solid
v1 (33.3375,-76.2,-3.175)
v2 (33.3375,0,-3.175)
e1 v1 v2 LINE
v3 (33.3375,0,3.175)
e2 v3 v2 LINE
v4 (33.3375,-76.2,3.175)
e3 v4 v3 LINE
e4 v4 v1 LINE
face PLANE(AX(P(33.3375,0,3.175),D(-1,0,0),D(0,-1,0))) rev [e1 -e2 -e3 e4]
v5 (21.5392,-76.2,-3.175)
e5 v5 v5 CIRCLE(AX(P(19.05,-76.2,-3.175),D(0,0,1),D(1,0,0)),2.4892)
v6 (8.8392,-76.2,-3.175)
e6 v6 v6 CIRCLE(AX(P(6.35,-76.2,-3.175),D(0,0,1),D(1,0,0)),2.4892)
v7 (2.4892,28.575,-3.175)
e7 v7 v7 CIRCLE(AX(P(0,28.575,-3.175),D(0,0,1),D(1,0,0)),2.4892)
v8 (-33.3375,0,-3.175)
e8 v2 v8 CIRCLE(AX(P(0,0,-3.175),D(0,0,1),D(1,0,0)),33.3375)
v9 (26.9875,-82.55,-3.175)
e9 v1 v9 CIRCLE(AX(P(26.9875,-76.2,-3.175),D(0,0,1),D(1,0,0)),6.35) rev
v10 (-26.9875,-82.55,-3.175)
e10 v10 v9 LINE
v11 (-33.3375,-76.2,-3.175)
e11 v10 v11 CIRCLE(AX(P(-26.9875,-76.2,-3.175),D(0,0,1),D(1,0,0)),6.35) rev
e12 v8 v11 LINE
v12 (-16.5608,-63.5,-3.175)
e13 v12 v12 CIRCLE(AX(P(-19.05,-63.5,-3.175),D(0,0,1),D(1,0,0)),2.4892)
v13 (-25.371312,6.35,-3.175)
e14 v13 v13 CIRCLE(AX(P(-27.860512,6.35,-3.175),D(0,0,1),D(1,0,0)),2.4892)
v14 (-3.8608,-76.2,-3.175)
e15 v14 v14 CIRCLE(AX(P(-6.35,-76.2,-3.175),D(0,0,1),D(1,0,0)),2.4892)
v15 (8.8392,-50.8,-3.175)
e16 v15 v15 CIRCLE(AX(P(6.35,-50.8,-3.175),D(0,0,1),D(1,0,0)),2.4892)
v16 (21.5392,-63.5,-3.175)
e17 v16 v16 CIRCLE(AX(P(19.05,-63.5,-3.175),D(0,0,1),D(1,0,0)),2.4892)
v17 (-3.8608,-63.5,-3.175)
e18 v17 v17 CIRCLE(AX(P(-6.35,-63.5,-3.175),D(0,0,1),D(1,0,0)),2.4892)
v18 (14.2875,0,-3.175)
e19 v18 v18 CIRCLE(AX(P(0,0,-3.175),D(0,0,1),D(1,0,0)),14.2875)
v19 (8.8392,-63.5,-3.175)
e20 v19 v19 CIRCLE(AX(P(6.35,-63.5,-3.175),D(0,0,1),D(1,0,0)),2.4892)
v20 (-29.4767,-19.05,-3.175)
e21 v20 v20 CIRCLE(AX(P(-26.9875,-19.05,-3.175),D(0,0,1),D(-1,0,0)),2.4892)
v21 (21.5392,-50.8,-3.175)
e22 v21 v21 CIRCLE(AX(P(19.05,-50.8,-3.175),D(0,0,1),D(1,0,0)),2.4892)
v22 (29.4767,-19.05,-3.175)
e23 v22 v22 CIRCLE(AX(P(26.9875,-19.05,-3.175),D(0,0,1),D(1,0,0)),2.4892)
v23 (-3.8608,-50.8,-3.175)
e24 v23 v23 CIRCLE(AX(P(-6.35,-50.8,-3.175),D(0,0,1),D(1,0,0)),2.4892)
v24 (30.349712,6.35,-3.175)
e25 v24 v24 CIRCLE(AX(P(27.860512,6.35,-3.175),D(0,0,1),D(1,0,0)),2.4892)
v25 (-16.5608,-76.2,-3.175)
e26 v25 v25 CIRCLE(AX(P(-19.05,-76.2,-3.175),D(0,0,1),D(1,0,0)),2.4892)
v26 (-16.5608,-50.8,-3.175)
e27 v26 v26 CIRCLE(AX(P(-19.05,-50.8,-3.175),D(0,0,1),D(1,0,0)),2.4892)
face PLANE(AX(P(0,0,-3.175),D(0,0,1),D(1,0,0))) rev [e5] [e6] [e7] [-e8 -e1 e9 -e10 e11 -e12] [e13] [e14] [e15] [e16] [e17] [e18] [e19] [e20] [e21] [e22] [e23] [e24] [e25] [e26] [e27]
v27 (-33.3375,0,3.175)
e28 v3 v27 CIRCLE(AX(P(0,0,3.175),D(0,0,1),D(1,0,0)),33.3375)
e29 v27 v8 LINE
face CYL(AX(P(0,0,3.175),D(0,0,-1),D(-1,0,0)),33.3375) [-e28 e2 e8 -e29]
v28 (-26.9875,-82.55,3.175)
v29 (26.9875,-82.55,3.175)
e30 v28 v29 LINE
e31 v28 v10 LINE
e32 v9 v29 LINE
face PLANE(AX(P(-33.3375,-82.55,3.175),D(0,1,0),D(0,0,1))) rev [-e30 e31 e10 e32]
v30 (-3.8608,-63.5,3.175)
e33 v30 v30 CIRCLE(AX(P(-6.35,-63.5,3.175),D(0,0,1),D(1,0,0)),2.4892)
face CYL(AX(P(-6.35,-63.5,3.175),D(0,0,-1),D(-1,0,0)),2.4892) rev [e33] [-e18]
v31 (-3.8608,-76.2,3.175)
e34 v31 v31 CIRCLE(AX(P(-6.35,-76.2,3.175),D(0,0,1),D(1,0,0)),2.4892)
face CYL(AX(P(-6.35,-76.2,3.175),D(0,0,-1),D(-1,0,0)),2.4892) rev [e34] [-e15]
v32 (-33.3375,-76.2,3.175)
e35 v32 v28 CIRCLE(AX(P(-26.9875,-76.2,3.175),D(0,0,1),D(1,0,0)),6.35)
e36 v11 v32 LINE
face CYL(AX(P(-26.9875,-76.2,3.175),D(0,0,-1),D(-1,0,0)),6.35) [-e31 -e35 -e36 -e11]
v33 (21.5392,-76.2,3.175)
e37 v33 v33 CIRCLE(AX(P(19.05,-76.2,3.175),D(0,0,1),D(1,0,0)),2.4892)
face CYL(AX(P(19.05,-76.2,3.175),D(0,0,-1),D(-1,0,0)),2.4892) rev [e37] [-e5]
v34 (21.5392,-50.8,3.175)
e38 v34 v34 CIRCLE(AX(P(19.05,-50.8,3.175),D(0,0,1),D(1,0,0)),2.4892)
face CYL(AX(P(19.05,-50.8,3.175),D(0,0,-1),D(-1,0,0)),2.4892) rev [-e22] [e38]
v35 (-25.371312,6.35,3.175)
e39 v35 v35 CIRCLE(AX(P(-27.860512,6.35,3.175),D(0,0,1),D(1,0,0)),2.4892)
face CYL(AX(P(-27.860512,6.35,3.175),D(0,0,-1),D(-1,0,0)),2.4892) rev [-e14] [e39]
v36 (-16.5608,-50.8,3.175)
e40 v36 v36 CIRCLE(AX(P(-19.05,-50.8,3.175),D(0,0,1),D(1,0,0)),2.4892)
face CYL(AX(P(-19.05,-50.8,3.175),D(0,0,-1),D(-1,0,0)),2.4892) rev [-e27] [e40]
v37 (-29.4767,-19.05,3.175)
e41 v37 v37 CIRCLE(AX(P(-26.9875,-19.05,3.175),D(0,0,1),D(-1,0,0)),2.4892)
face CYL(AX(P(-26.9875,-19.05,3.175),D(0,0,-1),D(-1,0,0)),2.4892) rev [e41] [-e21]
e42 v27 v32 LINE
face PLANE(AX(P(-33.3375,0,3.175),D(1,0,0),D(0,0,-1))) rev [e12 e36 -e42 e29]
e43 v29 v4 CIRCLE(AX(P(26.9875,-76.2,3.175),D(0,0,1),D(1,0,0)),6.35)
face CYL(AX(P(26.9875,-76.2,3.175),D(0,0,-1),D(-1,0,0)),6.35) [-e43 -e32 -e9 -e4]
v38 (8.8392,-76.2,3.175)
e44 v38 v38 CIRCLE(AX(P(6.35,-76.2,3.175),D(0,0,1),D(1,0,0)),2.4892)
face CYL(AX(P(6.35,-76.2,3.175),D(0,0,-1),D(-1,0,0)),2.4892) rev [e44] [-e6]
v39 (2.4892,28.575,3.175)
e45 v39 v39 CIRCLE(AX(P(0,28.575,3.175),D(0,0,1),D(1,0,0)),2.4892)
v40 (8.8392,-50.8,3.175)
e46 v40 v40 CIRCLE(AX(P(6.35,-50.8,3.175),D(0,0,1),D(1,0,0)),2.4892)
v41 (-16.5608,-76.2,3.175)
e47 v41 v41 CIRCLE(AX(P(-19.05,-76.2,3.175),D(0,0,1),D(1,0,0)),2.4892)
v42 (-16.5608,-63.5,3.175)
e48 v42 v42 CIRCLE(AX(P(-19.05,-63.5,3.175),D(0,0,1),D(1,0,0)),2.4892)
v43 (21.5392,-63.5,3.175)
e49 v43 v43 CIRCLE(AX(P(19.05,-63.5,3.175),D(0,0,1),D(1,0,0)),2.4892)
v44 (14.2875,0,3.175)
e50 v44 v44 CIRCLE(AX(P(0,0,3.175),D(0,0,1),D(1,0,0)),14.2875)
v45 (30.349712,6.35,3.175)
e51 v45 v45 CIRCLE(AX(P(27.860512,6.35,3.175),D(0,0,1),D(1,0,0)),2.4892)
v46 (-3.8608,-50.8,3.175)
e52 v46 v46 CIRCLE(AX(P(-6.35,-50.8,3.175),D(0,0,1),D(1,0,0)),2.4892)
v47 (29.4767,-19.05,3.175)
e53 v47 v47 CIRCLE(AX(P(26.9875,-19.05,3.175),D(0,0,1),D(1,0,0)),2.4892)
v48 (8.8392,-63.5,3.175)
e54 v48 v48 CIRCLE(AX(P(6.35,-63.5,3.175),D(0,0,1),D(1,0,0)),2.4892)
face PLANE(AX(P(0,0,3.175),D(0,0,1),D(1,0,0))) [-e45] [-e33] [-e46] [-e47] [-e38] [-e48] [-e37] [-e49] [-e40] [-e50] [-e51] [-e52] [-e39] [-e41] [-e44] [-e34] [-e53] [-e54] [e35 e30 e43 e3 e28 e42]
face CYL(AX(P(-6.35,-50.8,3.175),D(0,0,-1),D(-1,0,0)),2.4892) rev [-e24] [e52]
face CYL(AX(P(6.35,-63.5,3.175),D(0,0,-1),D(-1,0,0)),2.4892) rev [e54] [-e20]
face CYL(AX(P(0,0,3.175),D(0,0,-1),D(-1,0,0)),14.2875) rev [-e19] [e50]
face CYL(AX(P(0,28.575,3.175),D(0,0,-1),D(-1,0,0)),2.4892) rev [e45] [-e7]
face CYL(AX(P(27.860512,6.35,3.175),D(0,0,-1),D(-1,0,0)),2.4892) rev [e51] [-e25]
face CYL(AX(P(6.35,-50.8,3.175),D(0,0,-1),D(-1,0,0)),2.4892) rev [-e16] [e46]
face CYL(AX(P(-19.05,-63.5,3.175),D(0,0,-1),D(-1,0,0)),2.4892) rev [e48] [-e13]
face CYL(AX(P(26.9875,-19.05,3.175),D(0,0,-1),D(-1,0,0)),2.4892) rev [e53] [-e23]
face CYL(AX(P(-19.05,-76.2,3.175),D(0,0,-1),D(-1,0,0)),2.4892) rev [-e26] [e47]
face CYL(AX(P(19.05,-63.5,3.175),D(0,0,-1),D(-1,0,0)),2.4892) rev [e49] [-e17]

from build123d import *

# Parameters (mm, degrees)
SKETCH1_R           = 14.2875
SKETCH1_R_2         = 2.4892
BOSS_EXTRUDE1_DEPTH = 3.175
FILLET1_R           = 6.35


with BuildPart() as part:
    # Sketch1 → Boss-Extrude1 (new, symmetric)
    with BuildSketch(Plane.XY):
        with BuildLine():
            Line((33.3375, 0), (33.3375, -82.55))
            Line((33.3375, -82.55), (-33.3375, -82.55))
            Line((-33.3375, -82.55), (-33.3375, 0))
            ThreePointArc((-33.3375, 0), (0, 33.3375), (33.3375, 0))
        make_face()
        Circle(SKETCH1_R, mode=Mode.SUBTRACT)
        with Locations((-19.05, -76.2)):
            Circle(SKETCH1_R_2, mode=Mode.SUBTRACT)
        with Locations((-6.35, -76.2)):
            Circle(SKETCH1_R_2, mode=Mode.SUBTRACT)
        with Locations((-6.35, -63.5)):
            Circle(SKETCH1_R_2, mode=Mode.SUBTRACT)
        with Locations((-19.05, -63.5)):
            Circle(SKETCH1_R_2, mode=Mode.SUBTRACT)
        with Locations((6.35, -76.2)):
            Circle(SKETCH1_R_2, mode=Mode.SUBTRACT)
        with Locations((6.35, -63.5)):
            Circle(SKETCH1_R_2, mode=Mode.SUBTRACT)
        with Locations((-19.05, -50.8)):
            Circle(SKETCH1_R_2, mode=Mode.SUBTRACT)
        with Locations((-6.35, -50.8)):
            Circle(SKETCH1_R_2, mode=Mode.SUBTRACT)
        with Locations((6.35, -50.8)):
            Circle(SKETCH1_R_2, mode=Mode.SUBTRACT)
        with Locations((26.9875, -19.05)):
            Circle(SKETCH1_R_2, mode=Mode.SUBTRACT)
        with Locations((19.05, -76.2)):
            Circle(SKETCH1_R_2, mode=Mode.SUBTRACT)
        with Locations((19.05, -63.5)):
            Circle(SKETCH1_R_2, mode=Mode.SUBTRACT)
        with Locations((19.05, -50.8)):
            Circle(SKETCH1_R_2, mode=Mode.SUBTRACT)
        with Locations((0, 28.575)):
            Circle(SKETCH1_R_2, mode=Mode.SUBTRACT)
        with Locations((-27.86051193, 6.35)):
            Circle(SKETCH1_R_2, mode=Mode.SUBTRACT)
        with Locations((27.86051193, 6.35)):
            Circle(SKETCH1_R_2, mode=Mode.SUBTRACT)
        with Locations(Location((-26.9875, -19.05, 0), (0, 0, 180))):
            Circle(SKETCH1_R_2, mode=Mode.SUBTRACT)
    extrude(amount=BOSS_EXTRUDE1_DEPTH, both=True)

    # Fillet1
    fillet1_edges = [part.edges().sort_by_distance(p)[0] for p in [
        (33.3375, -82.55, 0),
        (-33.3375, -82.55, 0),
    ]]
    fillet(fillet1_edges, radius=FILLET1_R)


solid = part.part
